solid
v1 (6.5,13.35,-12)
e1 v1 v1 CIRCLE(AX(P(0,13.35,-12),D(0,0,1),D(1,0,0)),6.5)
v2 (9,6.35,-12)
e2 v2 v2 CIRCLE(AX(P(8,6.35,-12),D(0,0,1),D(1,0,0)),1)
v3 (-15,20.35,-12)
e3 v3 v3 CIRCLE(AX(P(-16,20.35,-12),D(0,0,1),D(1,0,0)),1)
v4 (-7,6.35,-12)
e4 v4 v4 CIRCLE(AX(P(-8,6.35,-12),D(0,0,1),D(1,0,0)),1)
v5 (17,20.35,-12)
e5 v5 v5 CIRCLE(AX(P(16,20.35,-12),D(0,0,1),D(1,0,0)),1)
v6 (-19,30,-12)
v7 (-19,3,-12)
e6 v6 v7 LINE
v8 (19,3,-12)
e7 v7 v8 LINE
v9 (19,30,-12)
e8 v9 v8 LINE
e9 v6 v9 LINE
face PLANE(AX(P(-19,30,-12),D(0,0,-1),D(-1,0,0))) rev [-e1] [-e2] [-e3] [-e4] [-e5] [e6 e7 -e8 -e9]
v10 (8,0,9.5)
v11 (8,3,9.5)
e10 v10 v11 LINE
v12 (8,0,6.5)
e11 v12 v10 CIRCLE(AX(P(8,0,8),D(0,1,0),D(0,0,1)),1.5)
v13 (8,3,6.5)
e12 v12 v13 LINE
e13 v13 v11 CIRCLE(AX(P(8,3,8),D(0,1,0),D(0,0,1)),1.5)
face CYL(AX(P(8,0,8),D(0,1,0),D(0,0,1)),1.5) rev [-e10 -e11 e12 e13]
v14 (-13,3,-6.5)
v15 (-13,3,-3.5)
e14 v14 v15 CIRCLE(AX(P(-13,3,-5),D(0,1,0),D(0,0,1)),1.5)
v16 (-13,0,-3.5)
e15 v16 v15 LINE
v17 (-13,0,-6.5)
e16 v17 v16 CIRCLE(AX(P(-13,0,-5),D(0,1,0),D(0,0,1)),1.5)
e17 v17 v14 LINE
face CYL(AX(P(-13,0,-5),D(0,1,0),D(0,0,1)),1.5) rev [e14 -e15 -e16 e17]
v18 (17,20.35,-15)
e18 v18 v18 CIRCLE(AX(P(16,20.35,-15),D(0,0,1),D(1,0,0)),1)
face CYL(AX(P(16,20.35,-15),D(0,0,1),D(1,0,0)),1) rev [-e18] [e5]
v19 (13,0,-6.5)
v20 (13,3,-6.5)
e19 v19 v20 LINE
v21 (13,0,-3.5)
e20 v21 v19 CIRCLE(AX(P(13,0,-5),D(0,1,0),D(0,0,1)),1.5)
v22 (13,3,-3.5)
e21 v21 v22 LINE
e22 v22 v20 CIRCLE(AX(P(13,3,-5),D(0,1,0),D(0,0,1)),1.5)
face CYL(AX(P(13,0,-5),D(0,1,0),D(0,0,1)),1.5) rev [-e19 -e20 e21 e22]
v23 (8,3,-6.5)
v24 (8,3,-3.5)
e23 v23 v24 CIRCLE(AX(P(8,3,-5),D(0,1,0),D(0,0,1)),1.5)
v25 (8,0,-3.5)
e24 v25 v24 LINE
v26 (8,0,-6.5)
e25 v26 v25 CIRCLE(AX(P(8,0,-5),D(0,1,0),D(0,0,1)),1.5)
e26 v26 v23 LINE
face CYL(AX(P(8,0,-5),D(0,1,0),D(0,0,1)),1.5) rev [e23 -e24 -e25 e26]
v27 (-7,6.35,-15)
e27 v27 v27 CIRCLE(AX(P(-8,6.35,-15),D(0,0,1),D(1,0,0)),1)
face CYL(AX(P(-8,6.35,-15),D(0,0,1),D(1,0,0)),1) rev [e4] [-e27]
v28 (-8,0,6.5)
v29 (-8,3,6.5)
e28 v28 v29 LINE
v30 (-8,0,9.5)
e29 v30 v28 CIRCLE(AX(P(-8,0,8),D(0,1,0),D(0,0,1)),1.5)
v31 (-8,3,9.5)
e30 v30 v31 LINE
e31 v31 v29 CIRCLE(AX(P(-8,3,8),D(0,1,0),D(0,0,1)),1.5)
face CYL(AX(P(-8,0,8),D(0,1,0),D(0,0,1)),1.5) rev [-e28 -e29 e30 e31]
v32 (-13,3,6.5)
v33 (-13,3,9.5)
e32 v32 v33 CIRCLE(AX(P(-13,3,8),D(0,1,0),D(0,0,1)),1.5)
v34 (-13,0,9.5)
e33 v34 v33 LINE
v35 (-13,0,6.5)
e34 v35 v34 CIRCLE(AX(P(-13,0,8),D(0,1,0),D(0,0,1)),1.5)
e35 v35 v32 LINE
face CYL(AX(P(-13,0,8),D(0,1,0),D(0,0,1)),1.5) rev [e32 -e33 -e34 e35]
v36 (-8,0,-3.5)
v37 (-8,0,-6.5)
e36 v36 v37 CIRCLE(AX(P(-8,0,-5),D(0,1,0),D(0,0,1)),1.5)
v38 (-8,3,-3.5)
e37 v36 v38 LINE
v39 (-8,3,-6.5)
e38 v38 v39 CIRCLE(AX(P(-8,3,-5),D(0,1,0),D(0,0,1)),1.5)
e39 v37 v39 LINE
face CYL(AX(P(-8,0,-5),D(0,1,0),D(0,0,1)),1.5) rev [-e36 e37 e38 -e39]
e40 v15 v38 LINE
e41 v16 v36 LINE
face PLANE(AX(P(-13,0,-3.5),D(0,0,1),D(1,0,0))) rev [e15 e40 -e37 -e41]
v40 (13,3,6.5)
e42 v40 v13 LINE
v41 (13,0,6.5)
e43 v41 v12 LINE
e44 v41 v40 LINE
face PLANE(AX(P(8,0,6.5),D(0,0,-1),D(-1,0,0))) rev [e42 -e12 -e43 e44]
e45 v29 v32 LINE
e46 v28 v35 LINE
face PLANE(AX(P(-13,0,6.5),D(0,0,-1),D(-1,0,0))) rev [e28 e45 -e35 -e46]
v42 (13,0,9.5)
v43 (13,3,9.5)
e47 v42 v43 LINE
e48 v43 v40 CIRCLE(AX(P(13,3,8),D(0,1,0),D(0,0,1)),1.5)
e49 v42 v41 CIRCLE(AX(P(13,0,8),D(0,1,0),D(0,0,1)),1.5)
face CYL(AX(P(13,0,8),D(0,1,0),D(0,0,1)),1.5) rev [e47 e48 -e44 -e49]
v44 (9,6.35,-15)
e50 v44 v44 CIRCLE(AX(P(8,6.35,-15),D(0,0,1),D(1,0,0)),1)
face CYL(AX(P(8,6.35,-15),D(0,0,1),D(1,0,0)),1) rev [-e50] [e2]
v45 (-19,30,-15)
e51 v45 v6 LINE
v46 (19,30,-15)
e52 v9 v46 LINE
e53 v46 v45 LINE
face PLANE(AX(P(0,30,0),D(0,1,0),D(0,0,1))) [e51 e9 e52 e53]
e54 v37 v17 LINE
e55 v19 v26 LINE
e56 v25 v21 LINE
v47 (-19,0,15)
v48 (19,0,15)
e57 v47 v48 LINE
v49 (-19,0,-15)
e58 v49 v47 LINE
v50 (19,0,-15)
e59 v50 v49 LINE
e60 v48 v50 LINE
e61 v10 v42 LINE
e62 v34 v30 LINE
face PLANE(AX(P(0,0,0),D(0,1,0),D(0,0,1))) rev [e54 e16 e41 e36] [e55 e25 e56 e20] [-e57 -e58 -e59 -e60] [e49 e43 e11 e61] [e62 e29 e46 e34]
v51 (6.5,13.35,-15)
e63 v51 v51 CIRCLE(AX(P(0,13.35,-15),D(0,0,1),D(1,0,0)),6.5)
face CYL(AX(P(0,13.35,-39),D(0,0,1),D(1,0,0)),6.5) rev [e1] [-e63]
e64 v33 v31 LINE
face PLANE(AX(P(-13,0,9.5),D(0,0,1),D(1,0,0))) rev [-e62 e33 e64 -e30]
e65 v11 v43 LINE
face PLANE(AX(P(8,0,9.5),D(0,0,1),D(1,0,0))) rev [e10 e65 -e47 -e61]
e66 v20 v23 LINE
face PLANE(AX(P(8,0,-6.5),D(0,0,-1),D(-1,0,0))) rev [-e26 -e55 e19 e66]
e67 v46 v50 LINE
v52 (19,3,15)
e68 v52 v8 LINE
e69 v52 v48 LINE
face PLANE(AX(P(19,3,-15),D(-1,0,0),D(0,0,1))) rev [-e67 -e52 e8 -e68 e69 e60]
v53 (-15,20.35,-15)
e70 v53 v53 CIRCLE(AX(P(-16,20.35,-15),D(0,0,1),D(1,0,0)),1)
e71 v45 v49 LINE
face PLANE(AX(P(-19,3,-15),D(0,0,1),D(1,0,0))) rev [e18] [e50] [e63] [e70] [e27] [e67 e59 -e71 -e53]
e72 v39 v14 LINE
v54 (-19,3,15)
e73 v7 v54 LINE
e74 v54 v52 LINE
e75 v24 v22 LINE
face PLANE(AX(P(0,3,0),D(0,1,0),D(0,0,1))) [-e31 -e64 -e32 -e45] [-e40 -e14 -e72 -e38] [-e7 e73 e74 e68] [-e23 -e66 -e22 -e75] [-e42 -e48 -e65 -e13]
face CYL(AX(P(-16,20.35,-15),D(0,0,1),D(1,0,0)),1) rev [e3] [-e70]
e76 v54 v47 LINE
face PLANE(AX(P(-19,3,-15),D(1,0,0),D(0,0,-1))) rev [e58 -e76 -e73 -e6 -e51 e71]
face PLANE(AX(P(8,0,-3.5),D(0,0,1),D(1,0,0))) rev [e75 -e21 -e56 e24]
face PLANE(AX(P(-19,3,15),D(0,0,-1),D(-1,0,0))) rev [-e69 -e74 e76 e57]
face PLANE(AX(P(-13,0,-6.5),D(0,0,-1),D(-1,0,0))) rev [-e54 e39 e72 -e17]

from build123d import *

# Parameters (mm, degrees)
SKETCH2_W           = 38
SKETCH2_H           = 30
BOSS_EXTRUDE1_DEPTH = 3
SKETCH3_W           = 38
SKETCH3_H           = 3
BOSS_EXTRUDE2_DEPTH = 27
SKETCH4_R           = 6.5
CUT_EXTRUDE1_DEPTH  = 27
CUT_EXTRUDE2_DEPTH  = 37.262928729
SKETCH6_R           = 1
CUT_EXTRUDE3_DEPTH  = 45.609416046


with BuildPart() as part:
    # Sketch2 → Boss-Extrude1 (new body)
    with BuildSketch(Plane(origin=(0, 0, 0), x_dir=(1, 0, 0), z_dir=(0, 1, 0))):
        Rectangle(SKETCH2_W, SKETCH2_H)
    extrude(amount=BOSS_EXTRUDE1_DEPTH)

    # Sketch3 → Boss-Extrude2 (add)
    with BuildSketch(Plane(origin=(0, 3, 0), x_dir=(1, 0, 0), z_dir=(0, 1, 0))):
        with Locations((0, 13.5)):
            Rectangle(SKETCH3_W, SKETCH3_H)
    extrude(amount=BOSS_EXTRUDE2_DEPTH)

    # Sketch4 → Cut-Extrude1 (cut)
    with BuildSketch(Plane.XY.offset(-12)):
        with Locations((0, 13.35)):
            Circle(SKETCH4_R)
    extrude(amount=-CUT_EXTRUDE1_DEPTH, mode=Mode.SUBTRACT)

    # Sketch5 → Cut-Extrude2 (cut, through all)
    with BuildSketch(Plane(origin=(0, 3, 0), x_dir=(1, 0, 0), z_dir=(0, 1, 0))):
        with BuildLine():
            Line((-13, 6.5), (-8, 6.5))
            ThreePointArc((-8, 6.5), (-6.5, 5), (-8, 3.5))
            Line((-8, 3.5), (-13, 3.5))
            ThreePointArc((-13, 3.5), (-14.5, 5), (-13, 6.5))
        make_face()
        with BuildLine():
            Line((8, 6.5), (13, 6.5))
            ThreePointArc((13, 6.5), (14.5, 5), (13, 3.5))
            Line((13, 3.5), (8, 3.5))
            ThreePointArc((8, 3.5), (6.5, 5), (8, 6.5))
        make_face()
        with BuildLine():
            Line((8, -6.5), (13, -6.5))
            ThreePointArc((13, -6.5), (14.5, -8), (13, -9.5))
            Line((13, -9.5), (8, -9.5))
            ThreePointArc((8, -9.5), (6.5, -8), (8, -6.5))
        make_face()
        with BuildLine():
            Line((-13, -6.5), (-8, -6.5))
            ThreePointArc((-8, -6.5), (-6.5, -8), (-8, -9.5))
            Line((-8, -9.5), (-13, -9.5))
            ThreePointArc((-13, -9.5), (-14.5, -8), (-13, -6.5))
        make_face()
    extrude(amount=-CUT_EXTRUDE2_DEPTH, mode=Mode.SUBTRACT)

    # Sketch6 → Cut-Extrude3 (cut, through all)
    with BuildSketch(Plane.XY.offset(-12)):
        with Locations((16, 20.35)):
            Circle(SKETCH6_R)
        with Locations((-16, 20.35)):
            Circle(SKETCH6_R)
        with Locations((-8, 6.35)):
            Circle(SKETCH6_R)
        with Locations((8, 6.35)):
            Circle(SKETCH6_R)
    extrude(amount=-CUT_EXTRUDE3_DEPTH, mode=Mode.SUBTRACT)


solid = part.part
